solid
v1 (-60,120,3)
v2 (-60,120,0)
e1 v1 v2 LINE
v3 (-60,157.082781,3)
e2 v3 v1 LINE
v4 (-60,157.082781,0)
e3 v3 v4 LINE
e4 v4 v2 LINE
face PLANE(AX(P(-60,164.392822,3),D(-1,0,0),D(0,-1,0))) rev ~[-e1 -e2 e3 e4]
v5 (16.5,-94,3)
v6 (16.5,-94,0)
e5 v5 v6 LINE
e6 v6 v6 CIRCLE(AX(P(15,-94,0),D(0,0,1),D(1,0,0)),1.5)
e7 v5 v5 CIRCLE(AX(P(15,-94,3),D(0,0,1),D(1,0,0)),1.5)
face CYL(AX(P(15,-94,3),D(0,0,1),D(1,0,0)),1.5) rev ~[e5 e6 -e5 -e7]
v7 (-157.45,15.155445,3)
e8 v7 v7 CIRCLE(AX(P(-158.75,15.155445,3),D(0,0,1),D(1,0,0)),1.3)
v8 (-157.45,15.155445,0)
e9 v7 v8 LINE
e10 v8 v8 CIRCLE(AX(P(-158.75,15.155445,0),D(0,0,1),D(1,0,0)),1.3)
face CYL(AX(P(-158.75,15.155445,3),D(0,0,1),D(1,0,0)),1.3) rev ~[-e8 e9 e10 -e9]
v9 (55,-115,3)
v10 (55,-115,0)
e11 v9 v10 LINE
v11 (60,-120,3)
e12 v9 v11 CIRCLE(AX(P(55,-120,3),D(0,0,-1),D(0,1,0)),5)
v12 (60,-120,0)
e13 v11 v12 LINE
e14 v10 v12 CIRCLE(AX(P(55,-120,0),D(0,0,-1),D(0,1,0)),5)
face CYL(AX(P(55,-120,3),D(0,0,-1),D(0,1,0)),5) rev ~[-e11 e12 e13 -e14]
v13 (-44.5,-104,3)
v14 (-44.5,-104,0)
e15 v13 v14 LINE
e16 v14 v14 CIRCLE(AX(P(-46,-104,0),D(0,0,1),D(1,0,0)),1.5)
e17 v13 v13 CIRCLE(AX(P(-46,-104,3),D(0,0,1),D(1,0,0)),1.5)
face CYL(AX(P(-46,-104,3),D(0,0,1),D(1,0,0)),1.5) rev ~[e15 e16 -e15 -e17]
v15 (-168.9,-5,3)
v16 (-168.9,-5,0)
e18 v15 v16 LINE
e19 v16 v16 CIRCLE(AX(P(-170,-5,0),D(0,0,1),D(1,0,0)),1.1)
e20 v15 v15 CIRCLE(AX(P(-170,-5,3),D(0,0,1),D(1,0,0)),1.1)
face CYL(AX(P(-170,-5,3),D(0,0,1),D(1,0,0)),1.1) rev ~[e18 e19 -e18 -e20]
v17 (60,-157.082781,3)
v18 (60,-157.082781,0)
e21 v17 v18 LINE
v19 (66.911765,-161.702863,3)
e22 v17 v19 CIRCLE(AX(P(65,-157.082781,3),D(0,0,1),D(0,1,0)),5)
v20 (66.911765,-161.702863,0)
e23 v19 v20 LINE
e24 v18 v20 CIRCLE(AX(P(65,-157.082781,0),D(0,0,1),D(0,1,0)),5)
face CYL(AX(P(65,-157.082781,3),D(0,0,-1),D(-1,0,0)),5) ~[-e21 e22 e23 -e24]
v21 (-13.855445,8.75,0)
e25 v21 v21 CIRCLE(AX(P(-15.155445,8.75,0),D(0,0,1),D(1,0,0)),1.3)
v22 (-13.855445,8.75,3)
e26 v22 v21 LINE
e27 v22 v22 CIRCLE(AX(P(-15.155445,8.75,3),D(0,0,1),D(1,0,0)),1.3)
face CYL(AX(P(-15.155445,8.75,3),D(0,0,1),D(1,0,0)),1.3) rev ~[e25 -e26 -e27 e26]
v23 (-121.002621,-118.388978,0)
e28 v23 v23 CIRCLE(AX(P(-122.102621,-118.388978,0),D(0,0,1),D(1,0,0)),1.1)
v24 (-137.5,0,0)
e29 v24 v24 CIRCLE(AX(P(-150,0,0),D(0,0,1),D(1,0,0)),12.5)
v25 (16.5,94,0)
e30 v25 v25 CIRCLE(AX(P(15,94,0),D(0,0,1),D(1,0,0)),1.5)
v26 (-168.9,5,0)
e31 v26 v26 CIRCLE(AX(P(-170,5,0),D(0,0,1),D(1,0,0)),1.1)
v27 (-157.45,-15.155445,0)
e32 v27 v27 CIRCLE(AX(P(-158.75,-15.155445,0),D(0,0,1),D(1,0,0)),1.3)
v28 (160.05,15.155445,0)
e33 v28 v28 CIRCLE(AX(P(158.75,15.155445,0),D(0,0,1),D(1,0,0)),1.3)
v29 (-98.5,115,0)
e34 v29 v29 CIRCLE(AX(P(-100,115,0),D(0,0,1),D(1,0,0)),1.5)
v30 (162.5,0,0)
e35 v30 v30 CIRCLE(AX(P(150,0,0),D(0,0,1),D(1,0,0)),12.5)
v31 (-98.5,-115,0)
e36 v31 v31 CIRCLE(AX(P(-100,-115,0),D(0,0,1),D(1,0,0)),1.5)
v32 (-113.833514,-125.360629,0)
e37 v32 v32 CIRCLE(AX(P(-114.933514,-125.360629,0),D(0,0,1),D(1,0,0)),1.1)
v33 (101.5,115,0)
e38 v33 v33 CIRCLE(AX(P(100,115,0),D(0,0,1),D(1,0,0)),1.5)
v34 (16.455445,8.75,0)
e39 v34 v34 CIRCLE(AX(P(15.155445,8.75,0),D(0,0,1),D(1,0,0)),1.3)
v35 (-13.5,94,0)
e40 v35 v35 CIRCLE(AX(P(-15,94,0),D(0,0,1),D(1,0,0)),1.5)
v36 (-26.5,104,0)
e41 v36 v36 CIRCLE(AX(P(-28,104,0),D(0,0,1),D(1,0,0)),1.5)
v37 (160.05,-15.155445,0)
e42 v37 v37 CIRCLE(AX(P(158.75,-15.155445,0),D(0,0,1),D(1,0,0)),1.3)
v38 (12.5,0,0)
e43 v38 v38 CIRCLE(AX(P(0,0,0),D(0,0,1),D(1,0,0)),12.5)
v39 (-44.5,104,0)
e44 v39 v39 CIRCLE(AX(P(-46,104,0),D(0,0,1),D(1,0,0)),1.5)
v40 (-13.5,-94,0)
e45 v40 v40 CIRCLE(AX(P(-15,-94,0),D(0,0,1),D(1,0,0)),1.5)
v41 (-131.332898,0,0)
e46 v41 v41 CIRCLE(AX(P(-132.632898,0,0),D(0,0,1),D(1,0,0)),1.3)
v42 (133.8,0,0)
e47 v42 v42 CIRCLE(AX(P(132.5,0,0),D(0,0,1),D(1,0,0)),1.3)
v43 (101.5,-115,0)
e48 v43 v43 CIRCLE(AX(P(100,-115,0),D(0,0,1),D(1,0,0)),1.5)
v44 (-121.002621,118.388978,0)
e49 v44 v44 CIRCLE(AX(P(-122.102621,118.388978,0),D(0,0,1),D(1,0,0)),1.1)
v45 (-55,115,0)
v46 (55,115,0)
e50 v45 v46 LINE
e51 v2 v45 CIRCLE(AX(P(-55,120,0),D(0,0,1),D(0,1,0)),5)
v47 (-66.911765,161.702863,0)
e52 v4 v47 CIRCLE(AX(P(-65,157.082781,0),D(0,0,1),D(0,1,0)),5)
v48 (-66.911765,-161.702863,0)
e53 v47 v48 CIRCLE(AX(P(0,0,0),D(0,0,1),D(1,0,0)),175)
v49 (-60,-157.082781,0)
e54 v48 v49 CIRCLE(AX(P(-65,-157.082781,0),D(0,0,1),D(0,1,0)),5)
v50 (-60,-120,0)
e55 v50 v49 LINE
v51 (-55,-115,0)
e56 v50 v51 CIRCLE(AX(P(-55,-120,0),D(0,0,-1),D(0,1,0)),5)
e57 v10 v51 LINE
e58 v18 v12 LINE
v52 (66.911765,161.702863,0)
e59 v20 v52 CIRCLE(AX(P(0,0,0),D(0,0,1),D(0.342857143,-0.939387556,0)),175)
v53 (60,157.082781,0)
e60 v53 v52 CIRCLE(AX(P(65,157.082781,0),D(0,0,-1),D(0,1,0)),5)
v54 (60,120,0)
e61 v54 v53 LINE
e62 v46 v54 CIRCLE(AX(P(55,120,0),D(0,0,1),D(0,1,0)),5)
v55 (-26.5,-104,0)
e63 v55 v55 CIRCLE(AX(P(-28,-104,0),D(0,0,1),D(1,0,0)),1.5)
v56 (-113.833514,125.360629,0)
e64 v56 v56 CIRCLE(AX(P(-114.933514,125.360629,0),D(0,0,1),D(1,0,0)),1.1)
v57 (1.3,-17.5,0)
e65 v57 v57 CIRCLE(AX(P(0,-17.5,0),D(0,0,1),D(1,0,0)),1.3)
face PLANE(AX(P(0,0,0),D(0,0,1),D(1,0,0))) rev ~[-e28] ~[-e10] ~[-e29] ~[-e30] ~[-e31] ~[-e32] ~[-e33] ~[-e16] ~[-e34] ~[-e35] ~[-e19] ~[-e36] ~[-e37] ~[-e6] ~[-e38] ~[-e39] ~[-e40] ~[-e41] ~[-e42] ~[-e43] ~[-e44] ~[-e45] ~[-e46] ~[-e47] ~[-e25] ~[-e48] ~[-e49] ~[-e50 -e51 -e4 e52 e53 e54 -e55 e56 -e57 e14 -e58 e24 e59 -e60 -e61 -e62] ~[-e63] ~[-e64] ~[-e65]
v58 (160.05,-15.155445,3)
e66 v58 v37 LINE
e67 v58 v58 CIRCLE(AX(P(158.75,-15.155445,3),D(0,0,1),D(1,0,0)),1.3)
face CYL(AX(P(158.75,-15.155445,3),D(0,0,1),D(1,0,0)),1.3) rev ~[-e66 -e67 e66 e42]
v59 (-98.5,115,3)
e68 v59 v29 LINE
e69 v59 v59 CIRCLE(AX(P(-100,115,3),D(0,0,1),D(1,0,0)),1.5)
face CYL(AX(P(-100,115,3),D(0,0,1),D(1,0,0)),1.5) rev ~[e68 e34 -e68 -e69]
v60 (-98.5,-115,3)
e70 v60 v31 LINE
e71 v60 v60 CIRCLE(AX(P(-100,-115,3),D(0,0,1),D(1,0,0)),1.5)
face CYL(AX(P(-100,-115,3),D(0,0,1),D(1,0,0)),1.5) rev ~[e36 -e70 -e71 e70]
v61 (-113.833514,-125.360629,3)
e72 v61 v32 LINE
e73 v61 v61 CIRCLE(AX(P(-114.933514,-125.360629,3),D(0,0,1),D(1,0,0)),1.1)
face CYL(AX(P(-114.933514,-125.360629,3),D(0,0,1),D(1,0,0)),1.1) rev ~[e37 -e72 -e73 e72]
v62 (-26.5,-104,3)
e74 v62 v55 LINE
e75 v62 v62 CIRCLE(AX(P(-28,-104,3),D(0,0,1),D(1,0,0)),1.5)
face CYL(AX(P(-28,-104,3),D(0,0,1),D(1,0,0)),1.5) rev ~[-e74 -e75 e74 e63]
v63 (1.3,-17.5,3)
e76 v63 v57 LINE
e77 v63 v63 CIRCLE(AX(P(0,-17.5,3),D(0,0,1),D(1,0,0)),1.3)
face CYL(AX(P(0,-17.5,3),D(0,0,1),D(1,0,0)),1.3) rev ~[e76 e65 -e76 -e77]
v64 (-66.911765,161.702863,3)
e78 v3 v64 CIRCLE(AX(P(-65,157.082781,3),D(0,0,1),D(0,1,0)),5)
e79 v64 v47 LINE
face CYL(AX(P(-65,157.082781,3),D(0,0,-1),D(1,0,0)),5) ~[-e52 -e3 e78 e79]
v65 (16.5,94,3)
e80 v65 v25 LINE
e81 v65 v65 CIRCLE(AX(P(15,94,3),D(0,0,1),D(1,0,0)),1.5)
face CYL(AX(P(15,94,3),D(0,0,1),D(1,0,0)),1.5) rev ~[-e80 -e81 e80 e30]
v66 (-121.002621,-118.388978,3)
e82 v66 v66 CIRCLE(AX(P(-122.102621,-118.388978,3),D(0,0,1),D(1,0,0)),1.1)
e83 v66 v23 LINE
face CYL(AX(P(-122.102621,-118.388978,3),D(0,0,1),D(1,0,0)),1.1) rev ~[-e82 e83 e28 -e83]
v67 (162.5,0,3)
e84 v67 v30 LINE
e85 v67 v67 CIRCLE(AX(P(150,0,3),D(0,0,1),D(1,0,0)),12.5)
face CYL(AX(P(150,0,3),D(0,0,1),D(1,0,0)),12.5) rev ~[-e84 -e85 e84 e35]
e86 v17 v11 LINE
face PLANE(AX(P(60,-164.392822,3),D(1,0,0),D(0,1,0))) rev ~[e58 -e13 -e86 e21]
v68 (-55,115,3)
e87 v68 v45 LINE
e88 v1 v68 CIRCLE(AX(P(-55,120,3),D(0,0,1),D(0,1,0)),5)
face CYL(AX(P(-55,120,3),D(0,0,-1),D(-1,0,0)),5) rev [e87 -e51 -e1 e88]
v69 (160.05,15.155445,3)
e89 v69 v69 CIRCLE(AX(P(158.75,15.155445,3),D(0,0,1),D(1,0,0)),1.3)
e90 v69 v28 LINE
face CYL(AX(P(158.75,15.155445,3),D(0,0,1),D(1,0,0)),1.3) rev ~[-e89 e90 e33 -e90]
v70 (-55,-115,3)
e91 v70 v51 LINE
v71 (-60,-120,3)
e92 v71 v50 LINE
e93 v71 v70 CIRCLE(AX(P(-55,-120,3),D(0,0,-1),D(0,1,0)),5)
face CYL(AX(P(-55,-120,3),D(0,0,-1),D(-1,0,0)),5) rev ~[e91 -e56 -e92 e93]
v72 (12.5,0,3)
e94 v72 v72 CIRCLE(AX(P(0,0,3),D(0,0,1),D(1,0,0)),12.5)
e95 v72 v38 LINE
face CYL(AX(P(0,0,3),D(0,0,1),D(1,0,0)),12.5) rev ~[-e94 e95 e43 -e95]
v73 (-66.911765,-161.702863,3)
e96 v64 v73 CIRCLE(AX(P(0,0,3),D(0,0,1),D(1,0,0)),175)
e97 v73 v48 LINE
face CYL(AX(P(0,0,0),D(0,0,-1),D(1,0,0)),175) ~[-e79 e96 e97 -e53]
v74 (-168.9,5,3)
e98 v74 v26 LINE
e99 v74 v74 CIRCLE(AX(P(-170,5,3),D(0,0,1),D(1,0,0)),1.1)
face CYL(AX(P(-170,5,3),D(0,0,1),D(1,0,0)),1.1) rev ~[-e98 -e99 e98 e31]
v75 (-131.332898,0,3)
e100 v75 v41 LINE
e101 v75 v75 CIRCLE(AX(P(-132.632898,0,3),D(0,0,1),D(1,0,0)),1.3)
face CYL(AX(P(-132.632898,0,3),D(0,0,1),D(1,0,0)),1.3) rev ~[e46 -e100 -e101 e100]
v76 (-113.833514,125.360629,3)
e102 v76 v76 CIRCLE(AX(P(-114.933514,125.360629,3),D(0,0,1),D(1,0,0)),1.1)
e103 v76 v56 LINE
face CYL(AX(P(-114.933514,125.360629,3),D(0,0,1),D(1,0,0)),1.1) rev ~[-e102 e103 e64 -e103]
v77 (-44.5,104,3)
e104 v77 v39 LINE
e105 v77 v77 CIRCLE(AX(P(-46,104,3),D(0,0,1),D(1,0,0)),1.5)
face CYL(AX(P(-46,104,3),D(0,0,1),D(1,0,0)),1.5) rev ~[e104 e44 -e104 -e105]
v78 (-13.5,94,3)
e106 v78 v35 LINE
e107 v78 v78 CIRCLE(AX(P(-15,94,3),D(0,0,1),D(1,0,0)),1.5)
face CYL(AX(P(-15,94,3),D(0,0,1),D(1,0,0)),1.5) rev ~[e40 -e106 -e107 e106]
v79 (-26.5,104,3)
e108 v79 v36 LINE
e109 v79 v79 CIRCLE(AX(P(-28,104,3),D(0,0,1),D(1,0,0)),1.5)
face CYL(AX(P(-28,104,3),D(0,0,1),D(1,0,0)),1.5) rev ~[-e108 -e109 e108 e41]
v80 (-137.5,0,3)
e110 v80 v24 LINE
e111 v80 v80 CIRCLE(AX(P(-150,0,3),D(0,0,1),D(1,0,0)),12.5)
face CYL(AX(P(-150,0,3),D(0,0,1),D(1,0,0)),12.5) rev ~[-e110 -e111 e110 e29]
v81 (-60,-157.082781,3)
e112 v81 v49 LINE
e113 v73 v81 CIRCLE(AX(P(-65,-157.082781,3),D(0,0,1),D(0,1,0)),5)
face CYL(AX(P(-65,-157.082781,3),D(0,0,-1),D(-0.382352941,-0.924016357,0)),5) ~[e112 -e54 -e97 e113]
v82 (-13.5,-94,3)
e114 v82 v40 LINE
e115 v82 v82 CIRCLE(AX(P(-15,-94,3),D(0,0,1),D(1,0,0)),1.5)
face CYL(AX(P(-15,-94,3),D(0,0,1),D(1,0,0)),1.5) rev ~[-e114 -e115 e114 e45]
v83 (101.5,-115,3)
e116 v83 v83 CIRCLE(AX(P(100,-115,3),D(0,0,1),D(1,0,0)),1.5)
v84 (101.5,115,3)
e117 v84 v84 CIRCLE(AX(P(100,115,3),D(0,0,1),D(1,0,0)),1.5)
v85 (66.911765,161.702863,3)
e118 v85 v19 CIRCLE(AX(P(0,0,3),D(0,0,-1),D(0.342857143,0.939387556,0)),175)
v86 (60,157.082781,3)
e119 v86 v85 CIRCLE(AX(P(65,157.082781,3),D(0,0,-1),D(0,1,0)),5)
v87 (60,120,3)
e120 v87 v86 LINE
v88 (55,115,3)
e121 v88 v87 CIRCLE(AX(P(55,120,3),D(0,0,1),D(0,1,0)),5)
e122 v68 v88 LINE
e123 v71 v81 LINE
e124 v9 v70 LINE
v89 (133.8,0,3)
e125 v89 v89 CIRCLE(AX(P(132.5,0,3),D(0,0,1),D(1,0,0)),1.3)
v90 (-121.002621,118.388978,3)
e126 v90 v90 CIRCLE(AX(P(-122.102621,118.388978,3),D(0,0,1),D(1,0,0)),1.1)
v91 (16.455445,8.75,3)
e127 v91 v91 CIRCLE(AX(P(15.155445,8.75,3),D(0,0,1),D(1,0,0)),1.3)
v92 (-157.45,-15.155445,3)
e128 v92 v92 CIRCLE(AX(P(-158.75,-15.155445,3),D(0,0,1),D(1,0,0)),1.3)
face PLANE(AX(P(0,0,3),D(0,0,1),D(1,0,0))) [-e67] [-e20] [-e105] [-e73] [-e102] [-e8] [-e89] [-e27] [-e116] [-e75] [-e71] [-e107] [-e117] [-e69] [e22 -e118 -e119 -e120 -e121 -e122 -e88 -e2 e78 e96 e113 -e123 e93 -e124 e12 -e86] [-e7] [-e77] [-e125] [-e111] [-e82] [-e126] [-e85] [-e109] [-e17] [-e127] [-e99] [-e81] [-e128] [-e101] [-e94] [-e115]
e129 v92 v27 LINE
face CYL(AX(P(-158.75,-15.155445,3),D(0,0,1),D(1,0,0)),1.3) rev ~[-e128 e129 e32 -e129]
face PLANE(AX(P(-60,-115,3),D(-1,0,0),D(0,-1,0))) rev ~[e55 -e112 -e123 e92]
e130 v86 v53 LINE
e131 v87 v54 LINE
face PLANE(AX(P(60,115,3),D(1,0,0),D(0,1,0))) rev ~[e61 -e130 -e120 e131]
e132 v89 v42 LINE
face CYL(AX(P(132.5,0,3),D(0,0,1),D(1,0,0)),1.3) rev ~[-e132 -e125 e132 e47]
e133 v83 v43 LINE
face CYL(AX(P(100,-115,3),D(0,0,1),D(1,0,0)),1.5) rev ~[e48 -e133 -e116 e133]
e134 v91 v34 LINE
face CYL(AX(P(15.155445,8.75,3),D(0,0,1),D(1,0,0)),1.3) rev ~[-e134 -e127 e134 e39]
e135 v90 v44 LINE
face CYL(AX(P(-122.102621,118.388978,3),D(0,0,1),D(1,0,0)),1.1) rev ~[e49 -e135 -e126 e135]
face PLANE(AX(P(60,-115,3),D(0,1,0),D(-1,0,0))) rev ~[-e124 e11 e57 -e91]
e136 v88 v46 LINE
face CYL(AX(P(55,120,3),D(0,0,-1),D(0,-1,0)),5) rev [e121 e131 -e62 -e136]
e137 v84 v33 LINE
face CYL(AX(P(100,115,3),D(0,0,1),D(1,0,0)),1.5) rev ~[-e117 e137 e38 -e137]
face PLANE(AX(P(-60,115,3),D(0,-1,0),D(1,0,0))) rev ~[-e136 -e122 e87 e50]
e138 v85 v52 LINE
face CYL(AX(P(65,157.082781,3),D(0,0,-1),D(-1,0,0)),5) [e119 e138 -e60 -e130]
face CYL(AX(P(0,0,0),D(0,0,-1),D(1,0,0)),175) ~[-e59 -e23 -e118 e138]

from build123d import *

# Parameters (mm, degrees)
SKETCH_1_R           = 175
EXTRUDE_1_DEPTH      = 3
CUT_EXTRUDE_1_DEPTH  = 3
FILLET_1_R           = 5
FILLET_2_R           = 5
FILLET_3_R           = 5
SKETCH_5_R           = 1.5
CUT_EXTRUDE_4_DEPTH  = 3
SKETCH_10_R          = 12.5
SKETCH_10_R_2        = 1.3
CUT_EXTRUDE_13_DEPTH = 10
SKETCH_14_R          = 1.1
CUT_EXTRUDE_14_DEPTH = 10
SKETCH_12_R          = 1.5
CUT_EXTRUDE_17_DEPTH = 10
SKETCH_13_R          = 1.5
CUT_EXTRUDE_18_DEPTH = 5


with BuildPart() as part:
    # ｽｹｯﾁ1 → ﾎﾞｽ - 押し出し1 (new body)
    with BuildSketch(Plane.XY):
        Circle(SKETCH_1_R)
    extrude(amount=EXTRUDE_1_DEPTH)

    # ｽｹｯﾁ2 → ｶｯﾄ - 押し出し1 (cut)
    with BuildSketch(Plane.XY.offset(3)):
        with BuildLine():
            Line((-60, 115), (0, 115))
            Line((0, 115), (0, 175))
            ThreePointArc((0, 175), (-30.465194158, 172.327803749), (-60, 164.392822228))
            Line((-60, 164.392822228), (-60, 115))
        make_face()
        with BuildLine():
            Line((0, 175), (0, 115))
            Line((0, 115), (60, 115))
            Line((60, 115), (60, 164.392822228))
            ThreePointArc((60, 164.392822228), (30.465194158, 172.327803749), (0, 175))
        make_face()
        with BuildLine():
            Line((0, -175), (0, -115))
            Line((0, -115), (-60, -115))
            Line((-60, -115), (-60, -164.392822228))
            ThreePointArc((-60, -164.392822228), (-30.465194158, -172.327803749), (0, -175))
        make_face()
        with BuildLine():
            Line((60, -115), (0, -115))
            Line((0, -115), (0, -175))
            ThreePointArc((0, -175), (30.465194158, -172.327803749), (60, -164.392822228))
            Line((60, -164.392822228), (60, -115))
        make_face()
    extrude(amount=-CUT_EXTRUDE_1_DEPTH, mode=Mode.SUBTRACT)

    # ﾌｨﾚｯﾄ1
    fillet_1_edges = [part.edges().sort_by_distance(p)[0] for p in [
        (-60, 164.392822228, 1.5),
    ]]
    fillet(fillet_1_edges, radius=FILLET_1_R)

    # ﾌｨﾚｯﾄ2
    fillet_2_edges = [part.edges().sort_by_distance(p)[0] for p in [
        (-60, 115, 1.5),
        (60, 164.392822228, 1.5),
        (60, 115, 1.5),
    ]]
    fillet(fillet_2_edges, radius=FILLET_2_R)

    # ﾌｨﾚｯﾄ3
    fillet_3_edges = [part.edges().sort_by_distance(p)[0] for p in [
        (-60, -115, 1.5),
        (60, -115, 1.5),
        (60, -164.392822228, 1.5),
        (-60, -164.392822228, 1.5),
    ]]
    fillet(fillet_3_edges, radius=FILLET_3_R)

    # ｽｹｯﾁ5 → ｶｯﾄ - 押し出し4 (cut)
    with BuildSketch(Plane.XY.offset(3)):
        with Locations((-100, -115)):
            Circle(SKETCH_5_R)
        with Locations((100, -115)):
            Circle(SKETCH_5_R)
        with Locations((100, 115)):
            Circle(SKETCH_5_R)
        with Locations((-100, 115)):
            Circle(SKETCH_5_R)
    extrude(amount=-CUT_EXTRUDE_4_DEPTH, mode=Mode.SUBTRACT)

    # ｽｹｯﾁ10 → ｶｯﾄ - 押し出し13 (cut)
    with BuildSketch(Plane.XY.offset(3)):
        with Locations((-150, 0)):
            Circle(SKETCH_10_R)
        with Locations((150, 0)):
            Circle(SKETCH_10_R)
        Circle(SKETCH_10_R)
        with Locations((132.5, 0)):
            Circle(SKETCH_10_R_2)
        with Locations((158.75, 15.155444566)):
            Circle(SKETCH_10_R_2)
        with Locations((158.75, -15.155444566)):
            Circle(SKETCH_10_R_2)
        with Locations((-15.155444566, 8.75)):
            Circle(SKETCH_10_R_2)
        with Locations((15.155444566, 8.75)):
            Circle(SKETCH_10_R_2)
        with Locations((0, -17.5)):
            Circle(SKETCH_10_R_2)
        with Locations((-158.75, 15.155444566)):
            Circle(SKETCH_10_R_2)
        with Locations((-158.75, -15.155444566)):
            Circle(SKETCH_10_R_2)
        with Locations((-132.632898389, 0)):
            Circle(SKETCH_10_R_2)
    extrude(amount=-CUT_EXTRUDE_13_DEPTH, mode=Mode.SUBTRACT)

    # ｽｹｯﾁ14 → ｶｯﾄ - 押し出し14 (cut)
    with BuildSketch(Plane.XY.offset(3)):
        with Locations((-170, 5)):
            Circle(SKETCH_14_R)
        with Locations((-170, -5)):
            Circle(SKETCH_14_R)
        with Locations((-114.933514447, 125.360628815)):
            Circle(SKETCH_14_R)
        with Locations((-122.102620524, 118.388977786)):
            Circle(SKETCH_14_R)
        with Locations((-122.102620524, -118.388977786)):
            Circle(SKETCH_14_R)
        with Locations((-114.933514447, -125.360628815)):
            Circle(SKETCH_14_R)
    extrude(amount=-CUT_EXTRUDE_14_DEPTH, mode=Mode.SUBTRACT)

    # ｽｹｯﾁ12 → ｶｯﾄ - 押し出し17 (cut)
    with BuildSketch(Plane.XY.offset(3)):
        with Locations((-15, 94)):
            Circle(SKETCH_12_R)
        with Locations((15, 94)):
            Circle(SKETCH_12_R)
        with Locations((-15, -94)):
            Circle(SKETCH_12_R)
        with Locations((15, -94)):
            Circle(SKETCH_12_R)
    extrude(amount=-CUT_EXTRUDE_17_DEPTH, mode=Mode.SUBTRACT)

    # ｽｹｯﾁ13 → ｶｯﾄ - 押し出し18 (cut)
    with BuildSketch(Plane.XY.offset(3)):
        with Locations((-28, -104)):
            Circle(SKETCH_13_R)
        with Locations((-46, -104)):
            Circle(SKETCH_13_R)
        with Locations((-46, 104)):
            Circle(SKETCH_13_R)
        with Locations((-28, 104)):
            Circle(SKETCH_13_R)
    extrude(amount=-CUT_EXTRUDE_18_DEPTH, mode=Mode.SUBTRACT)


solid = part.part
